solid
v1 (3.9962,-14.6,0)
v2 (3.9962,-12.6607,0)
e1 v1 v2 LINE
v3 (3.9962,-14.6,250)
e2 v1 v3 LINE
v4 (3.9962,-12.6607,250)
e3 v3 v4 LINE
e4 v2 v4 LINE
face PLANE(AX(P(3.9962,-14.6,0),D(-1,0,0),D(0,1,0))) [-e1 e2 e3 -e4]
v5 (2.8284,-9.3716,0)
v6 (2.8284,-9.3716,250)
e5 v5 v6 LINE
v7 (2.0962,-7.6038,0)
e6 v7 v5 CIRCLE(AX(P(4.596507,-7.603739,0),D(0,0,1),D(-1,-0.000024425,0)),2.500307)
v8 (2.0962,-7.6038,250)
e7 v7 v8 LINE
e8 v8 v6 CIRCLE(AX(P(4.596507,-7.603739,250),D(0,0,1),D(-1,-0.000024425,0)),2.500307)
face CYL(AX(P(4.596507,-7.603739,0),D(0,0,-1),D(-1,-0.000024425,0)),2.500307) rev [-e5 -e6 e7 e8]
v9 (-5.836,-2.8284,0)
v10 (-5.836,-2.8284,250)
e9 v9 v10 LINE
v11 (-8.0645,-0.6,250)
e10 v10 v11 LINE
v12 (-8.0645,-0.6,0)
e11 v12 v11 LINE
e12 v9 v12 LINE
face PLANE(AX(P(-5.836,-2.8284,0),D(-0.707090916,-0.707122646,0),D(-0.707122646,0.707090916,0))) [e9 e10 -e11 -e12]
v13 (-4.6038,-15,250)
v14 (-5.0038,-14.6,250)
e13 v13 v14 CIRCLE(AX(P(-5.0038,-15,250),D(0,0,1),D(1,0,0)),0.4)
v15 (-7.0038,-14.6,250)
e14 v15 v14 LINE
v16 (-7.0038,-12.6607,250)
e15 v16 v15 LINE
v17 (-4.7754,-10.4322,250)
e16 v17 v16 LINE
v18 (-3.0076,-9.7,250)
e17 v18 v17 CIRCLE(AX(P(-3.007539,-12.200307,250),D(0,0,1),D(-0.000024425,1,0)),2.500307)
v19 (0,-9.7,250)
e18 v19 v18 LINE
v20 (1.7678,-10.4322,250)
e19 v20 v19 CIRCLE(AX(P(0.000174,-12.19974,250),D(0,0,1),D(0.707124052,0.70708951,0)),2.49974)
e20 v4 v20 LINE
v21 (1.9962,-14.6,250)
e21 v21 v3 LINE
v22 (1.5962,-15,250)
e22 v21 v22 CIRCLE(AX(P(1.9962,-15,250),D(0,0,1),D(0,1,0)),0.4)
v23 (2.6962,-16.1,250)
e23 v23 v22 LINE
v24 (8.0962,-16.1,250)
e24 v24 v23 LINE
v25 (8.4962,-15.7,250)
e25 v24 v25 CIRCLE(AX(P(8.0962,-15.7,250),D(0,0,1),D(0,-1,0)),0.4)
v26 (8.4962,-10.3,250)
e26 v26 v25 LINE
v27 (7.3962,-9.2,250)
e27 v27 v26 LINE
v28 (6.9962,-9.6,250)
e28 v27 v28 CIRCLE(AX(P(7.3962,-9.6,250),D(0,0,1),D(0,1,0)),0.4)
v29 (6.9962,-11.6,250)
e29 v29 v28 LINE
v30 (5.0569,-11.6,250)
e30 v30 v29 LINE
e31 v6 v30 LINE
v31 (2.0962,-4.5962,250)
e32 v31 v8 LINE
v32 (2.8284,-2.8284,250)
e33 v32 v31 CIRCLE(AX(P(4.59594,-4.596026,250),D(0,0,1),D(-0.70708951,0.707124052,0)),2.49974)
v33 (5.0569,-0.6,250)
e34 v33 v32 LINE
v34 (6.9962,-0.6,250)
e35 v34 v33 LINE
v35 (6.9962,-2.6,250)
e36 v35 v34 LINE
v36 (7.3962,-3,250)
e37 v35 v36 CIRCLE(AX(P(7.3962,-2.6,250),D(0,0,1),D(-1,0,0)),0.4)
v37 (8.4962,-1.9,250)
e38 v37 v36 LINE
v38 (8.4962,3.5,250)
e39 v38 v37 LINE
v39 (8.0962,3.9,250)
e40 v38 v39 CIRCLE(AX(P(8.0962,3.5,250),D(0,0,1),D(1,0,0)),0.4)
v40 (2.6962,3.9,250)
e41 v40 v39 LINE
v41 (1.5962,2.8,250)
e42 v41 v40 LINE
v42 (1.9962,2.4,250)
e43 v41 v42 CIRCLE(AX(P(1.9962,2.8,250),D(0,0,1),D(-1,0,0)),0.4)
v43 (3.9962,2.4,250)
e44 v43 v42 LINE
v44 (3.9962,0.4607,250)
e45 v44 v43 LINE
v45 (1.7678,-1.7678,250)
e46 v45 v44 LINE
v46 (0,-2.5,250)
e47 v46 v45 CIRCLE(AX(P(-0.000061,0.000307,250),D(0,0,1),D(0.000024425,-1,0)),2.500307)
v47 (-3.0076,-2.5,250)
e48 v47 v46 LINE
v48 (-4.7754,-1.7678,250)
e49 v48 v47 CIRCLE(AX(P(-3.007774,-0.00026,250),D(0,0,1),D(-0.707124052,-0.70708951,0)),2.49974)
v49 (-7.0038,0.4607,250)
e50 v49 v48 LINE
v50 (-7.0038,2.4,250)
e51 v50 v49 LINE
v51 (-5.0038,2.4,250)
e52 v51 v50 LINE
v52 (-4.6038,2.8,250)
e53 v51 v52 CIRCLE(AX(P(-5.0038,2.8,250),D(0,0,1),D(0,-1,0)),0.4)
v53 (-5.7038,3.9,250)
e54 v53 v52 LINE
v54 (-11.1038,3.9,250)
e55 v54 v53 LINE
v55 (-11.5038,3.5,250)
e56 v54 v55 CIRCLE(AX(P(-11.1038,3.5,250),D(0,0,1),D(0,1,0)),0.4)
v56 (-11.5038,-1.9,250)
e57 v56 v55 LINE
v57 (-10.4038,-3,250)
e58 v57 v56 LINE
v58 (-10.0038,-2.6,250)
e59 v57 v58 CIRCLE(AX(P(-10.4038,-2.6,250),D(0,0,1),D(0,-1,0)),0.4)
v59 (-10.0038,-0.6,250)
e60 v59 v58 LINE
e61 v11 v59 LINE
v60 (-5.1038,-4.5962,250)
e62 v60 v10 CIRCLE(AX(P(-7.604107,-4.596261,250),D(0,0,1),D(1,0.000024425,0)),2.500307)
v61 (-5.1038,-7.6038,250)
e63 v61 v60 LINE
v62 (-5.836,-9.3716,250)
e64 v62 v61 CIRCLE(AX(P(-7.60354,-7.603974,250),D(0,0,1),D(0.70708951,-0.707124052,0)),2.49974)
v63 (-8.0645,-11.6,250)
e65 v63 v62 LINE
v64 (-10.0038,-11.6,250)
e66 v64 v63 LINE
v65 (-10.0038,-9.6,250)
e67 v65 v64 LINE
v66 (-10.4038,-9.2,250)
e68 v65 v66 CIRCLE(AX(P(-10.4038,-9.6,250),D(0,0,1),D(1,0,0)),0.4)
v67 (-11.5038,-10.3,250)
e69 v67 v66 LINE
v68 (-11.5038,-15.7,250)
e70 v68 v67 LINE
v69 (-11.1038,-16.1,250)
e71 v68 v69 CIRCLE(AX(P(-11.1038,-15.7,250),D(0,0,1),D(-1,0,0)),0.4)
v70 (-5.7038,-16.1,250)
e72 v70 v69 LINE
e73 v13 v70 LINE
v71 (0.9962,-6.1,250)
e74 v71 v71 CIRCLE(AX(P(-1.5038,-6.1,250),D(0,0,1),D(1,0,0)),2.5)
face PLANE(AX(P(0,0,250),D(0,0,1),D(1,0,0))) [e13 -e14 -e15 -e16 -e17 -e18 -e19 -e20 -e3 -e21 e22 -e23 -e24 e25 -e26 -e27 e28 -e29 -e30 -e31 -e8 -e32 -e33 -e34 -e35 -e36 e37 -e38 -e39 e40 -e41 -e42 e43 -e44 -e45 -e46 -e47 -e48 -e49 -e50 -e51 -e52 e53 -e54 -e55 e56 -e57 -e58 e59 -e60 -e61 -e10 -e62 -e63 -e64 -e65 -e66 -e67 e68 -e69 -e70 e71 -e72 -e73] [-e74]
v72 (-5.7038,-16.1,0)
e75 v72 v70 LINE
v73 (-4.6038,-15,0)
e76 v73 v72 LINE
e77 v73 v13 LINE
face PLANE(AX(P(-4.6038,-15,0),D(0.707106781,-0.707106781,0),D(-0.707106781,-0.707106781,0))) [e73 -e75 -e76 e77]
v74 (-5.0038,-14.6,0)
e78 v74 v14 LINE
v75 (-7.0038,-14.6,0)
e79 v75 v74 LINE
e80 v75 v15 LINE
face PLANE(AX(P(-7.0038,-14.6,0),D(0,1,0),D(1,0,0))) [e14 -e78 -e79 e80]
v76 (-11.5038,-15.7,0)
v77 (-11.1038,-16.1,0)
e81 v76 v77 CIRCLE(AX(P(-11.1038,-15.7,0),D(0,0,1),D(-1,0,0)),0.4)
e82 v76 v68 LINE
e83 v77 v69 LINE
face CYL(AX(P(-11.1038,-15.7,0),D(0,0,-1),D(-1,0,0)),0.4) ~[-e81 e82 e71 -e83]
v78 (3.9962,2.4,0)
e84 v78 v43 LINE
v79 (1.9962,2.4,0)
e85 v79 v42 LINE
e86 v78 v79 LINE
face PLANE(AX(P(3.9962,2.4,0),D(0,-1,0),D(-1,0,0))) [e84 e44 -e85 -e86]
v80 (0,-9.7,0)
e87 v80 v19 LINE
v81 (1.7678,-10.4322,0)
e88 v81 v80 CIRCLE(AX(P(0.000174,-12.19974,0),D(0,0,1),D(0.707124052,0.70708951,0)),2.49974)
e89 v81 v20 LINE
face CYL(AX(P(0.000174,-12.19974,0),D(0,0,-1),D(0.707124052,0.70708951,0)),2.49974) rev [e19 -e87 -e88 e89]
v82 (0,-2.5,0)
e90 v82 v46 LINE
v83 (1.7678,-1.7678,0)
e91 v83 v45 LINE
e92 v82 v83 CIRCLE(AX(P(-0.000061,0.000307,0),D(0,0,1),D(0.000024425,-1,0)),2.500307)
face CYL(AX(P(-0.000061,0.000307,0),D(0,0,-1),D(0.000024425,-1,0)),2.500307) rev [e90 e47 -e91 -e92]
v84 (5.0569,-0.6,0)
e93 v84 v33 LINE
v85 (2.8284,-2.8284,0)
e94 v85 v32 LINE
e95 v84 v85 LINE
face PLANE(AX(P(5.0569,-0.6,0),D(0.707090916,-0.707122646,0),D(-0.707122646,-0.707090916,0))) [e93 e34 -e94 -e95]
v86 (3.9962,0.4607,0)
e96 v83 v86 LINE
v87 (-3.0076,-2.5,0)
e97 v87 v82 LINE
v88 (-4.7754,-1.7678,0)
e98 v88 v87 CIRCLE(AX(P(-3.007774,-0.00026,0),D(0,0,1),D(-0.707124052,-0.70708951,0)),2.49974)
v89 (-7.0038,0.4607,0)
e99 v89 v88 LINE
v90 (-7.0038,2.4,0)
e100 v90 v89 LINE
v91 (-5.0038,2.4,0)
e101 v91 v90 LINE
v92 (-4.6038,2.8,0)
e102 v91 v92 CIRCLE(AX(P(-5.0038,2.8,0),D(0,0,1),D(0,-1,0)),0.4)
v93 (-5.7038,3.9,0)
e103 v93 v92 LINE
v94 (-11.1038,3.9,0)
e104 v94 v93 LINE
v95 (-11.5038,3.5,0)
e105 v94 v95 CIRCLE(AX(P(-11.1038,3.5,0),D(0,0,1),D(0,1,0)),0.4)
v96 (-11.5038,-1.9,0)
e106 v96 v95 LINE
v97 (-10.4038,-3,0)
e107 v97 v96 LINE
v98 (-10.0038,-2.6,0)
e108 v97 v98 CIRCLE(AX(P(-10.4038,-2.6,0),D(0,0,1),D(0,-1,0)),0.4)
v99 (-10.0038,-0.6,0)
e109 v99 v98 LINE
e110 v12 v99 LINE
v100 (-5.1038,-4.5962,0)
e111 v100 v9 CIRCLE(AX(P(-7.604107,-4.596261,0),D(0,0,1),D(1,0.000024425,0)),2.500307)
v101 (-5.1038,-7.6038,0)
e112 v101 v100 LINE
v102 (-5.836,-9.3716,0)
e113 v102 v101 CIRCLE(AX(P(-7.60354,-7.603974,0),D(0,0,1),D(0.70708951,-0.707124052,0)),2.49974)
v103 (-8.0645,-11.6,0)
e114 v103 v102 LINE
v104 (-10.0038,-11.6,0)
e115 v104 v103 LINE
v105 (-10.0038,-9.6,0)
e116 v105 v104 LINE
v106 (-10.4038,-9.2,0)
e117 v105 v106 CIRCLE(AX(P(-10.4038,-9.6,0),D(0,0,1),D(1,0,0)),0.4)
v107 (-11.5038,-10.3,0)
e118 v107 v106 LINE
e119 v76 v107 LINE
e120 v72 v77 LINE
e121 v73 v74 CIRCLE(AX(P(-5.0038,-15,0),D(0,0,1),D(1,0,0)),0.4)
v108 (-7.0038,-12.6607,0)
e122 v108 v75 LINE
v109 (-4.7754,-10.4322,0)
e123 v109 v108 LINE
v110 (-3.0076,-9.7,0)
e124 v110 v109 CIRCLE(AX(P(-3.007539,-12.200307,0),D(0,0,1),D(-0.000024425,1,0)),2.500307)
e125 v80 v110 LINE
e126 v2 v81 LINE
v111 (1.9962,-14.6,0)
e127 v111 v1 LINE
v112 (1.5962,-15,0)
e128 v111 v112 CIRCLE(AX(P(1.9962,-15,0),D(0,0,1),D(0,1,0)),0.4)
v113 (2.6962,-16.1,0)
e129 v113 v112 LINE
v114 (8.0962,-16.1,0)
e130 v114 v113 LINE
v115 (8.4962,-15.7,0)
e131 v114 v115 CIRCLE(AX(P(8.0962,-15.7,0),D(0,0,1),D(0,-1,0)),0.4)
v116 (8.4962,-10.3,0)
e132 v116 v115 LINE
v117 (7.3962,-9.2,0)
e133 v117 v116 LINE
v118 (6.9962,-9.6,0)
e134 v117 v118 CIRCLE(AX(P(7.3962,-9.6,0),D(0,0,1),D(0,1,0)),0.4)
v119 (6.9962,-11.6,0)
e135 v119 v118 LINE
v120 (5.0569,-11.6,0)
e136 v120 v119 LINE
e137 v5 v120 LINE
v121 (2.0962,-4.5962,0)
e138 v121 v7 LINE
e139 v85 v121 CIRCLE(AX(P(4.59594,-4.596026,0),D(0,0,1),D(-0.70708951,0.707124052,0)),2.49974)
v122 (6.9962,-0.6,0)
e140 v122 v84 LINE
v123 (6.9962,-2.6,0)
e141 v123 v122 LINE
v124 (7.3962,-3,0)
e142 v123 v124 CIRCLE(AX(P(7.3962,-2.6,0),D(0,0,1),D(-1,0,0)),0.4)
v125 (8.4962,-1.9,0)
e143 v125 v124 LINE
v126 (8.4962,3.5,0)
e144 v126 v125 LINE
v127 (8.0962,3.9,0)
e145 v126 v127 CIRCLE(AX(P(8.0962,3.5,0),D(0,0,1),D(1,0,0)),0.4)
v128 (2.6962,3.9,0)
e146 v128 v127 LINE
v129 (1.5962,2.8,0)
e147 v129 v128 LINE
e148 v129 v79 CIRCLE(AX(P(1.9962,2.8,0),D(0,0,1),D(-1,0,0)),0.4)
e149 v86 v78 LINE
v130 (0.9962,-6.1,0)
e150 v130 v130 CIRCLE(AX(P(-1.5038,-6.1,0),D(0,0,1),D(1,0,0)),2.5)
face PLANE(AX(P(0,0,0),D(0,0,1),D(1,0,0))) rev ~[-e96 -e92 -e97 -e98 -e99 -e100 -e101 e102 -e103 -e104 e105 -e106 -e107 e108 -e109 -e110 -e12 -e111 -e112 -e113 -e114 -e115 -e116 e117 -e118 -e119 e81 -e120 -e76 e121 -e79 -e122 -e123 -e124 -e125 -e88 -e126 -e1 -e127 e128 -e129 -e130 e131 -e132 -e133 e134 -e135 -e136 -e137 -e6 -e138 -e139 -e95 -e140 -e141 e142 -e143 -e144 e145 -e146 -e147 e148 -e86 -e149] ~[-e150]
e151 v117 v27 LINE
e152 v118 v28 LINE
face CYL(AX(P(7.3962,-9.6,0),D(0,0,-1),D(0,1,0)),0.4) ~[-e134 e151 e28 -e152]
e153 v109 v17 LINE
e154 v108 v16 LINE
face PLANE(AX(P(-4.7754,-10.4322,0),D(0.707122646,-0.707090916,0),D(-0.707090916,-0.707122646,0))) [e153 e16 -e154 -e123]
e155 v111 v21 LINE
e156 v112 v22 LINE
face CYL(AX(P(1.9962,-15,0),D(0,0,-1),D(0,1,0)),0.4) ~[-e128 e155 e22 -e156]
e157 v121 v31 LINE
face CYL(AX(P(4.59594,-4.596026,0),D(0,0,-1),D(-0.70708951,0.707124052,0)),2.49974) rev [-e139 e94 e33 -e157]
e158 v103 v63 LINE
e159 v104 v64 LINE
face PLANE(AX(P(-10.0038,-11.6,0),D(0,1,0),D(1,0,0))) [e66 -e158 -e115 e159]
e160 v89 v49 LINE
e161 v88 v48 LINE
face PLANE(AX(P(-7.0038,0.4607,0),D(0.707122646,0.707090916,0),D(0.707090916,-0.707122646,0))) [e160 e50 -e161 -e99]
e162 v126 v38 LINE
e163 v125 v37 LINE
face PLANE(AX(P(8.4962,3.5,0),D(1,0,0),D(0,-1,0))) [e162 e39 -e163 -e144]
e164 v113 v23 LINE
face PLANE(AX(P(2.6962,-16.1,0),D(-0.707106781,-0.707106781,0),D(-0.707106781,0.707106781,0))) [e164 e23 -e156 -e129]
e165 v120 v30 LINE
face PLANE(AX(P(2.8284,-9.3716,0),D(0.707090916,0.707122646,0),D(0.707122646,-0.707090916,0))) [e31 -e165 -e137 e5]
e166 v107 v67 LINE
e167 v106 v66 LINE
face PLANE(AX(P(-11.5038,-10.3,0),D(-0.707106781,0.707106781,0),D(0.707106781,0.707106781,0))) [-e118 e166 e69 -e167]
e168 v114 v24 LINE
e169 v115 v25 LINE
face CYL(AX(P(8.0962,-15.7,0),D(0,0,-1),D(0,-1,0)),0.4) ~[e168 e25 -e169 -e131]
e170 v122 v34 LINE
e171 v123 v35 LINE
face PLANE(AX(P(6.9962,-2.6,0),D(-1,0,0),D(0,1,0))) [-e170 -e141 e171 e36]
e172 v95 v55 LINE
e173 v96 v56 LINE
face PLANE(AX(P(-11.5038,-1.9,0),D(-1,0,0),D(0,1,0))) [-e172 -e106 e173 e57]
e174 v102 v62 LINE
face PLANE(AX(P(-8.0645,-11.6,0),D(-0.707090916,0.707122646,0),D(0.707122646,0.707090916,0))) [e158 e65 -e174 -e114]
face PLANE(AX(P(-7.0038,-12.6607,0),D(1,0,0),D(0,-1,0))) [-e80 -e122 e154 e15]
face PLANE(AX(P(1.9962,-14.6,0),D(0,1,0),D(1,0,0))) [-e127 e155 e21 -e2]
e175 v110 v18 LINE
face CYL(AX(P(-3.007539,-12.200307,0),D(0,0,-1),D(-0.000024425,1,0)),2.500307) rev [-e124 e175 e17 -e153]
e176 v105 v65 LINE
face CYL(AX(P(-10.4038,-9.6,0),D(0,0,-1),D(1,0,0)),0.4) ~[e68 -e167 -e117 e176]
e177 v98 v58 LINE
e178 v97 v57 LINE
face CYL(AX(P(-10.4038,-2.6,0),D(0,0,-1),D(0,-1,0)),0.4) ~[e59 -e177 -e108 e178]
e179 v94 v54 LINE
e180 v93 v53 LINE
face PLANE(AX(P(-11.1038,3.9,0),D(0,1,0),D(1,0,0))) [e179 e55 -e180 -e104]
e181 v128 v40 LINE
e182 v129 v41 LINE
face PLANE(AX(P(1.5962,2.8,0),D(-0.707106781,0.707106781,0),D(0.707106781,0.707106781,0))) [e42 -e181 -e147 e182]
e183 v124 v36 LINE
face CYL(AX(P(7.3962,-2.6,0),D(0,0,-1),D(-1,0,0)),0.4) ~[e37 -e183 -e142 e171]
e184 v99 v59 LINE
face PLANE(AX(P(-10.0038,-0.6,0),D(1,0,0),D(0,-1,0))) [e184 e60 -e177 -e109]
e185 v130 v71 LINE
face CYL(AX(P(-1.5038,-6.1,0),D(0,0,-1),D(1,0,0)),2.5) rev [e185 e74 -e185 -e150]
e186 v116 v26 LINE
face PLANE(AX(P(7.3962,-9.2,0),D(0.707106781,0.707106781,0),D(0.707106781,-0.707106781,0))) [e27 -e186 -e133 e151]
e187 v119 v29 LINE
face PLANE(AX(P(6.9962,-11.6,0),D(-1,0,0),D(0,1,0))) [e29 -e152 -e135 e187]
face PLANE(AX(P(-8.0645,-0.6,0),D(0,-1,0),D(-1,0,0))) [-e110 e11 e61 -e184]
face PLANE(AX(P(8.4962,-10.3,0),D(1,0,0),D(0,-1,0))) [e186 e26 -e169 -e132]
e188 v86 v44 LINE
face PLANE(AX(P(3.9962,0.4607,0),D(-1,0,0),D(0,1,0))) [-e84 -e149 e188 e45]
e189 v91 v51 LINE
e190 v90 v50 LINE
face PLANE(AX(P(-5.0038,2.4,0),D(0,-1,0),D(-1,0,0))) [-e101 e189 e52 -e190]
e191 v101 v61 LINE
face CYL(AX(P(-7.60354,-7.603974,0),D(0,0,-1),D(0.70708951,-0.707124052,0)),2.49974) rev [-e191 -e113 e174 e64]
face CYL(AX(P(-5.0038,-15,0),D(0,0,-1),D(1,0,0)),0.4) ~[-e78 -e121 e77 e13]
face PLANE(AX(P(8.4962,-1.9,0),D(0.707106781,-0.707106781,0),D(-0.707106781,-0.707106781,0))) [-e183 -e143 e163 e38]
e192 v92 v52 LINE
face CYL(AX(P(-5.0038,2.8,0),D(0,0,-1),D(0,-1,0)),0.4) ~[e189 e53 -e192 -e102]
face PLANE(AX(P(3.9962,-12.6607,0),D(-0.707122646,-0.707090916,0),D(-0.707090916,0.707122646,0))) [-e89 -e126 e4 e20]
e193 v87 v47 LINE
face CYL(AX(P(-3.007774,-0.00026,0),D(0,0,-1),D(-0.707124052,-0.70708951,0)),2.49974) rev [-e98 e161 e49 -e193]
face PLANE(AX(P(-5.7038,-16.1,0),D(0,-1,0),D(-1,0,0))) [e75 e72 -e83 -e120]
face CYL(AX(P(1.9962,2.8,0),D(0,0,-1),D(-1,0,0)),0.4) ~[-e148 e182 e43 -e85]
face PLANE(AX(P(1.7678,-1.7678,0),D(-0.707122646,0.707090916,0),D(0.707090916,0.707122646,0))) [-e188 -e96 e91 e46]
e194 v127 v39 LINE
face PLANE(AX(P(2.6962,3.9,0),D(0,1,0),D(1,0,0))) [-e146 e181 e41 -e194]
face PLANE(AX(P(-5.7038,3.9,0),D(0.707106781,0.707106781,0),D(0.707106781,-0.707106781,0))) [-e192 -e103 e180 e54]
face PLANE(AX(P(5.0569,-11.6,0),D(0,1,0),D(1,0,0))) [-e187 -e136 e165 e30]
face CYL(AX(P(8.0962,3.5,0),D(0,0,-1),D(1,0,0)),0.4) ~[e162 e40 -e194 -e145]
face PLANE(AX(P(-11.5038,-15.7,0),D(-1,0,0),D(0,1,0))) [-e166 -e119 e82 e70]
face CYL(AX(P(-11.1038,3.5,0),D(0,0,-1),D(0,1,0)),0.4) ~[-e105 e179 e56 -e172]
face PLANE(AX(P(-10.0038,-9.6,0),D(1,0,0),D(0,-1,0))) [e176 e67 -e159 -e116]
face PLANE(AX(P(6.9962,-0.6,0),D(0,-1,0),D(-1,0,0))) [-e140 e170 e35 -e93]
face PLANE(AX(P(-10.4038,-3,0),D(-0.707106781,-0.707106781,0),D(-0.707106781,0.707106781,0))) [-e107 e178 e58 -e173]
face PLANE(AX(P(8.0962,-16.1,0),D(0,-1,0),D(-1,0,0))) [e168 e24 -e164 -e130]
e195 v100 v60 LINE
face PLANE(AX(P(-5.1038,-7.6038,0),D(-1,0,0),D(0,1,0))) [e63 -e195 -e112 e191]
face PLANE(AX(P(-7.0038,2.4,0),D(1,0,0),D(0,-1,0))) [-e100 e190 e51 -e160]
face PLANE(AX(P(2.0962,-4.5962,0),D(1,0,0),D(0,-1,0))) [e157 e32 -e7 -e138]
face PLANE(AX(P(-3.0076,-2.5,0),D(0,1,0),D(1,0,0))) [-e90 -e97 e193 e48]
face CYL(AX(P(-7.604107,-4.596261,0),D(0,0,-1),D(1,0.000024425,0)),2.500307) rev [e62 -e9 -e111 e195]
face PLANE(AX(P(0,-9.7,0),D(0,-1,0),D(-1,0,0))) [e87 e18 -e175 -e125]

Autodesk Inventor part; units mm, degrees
ref_plane "YZ Plane" through (0, 0, 0) normal (1, 0, 0) x (0, 1, 0)
ref_plane "XZ Plane" through (0, 0, 0) normal (0, 1, 0) x (-1, 0, 0)
ref_plane "XY Plane" through (0, 0, 0) normal (0, 0, 1) x (1, 0, 0)
sketch "Sketch1" plane through (0, 0, 0) normal (0, 0, 1) x (1, 0, 0)
  line L0 (1.7678, -1.7678) -> (3.9962, 0.4607) projected
  arc A0 (0, -2.5) -> (1.7678, -1.7678) centre (0, 0) ccw projected
  line L1 (-3.0076, -2.5) -> (0, -2.5) projected
  arc A1 (-4.7754, -1.7678) -> (-3.0076, -2.5) centre (-3.0076, 0) ccw projected
  line L2 (-7.0038, 0.4607) -> (-4.7754, -1.7678) projected
  line L3 (-7.0038, 2.4) -> (-7.0038, 0.4607) projected
  line L4 (-5.0038, 2.4) -> (-7.0038, 2.4) projected
  arc A2 (-5.0038, 2.4) -> (-4.6038, 2.8) centre (-5.0038, 2.8) ccw projected
  line L5 (-5.7038, 3.9) -> (-4.6038, 2.8) projected
  line L6 (-11.1038, 3.9) -> (-5.7038, 3.9) projected
  arc A3 (-11.1038, 3.9) -> (-11.5038, 3.5) centre (-11.1038, 3.5) ccw projected
  line L7 (-11.5038, -1.9) -> (-11.5038, 3.5) projected
  line L8 (-10.4038, -3) -> (-11.5038, -1.9) projected
  arc A4 (-10.4038, -3) -> (-10.0038, -2.6) centre (-10.4038, -2.6) ccw projected
  line L9 (-10.0038, -0.6) -> (-10.0038, -2.6) projected
  line L10 (-8.0645, -0.6) -> (-10.0038, -0.6) projected
  line L11 (-5.836, -2.8284) -> (-8.0645, -0.6) projected
  arc A5 (-5.1038, -4.5962) -> (-5.836, -2.8284) centre (-7.6038, -4.5962) ccw projected
  line L12 (-5.1038, -7.6038) -> (-5.1038, -4.5962) projected
  arc A6 (-5.836, -9.3716) -> (-5.1038, -7.6038) centre (-7.6038, -7.6038) ccw projected
  line L13 (-8.0645, -11.6) -> (-5.836, -9.3716) projected
  line L14 (-10.0038, -11.6) -> (-8.0645, -11.6) projected
  line L15 (-10.0038, -9.6) -> (-10.0038, -11.6) projected
  arc A7 (-10.0038, -9.6) -> (-10.4038, -9.2) centre (-10.4038, -9.6) ccw projected
  line L16 (-11.5038, -10.3) -> (-10.4038, -9.2) projected
  line L17 (-11.5038, -15.7) -> (-11.5038, -10.3) projected
  arc A8 (-11.5038, -15.7) -> (-11.1038, -16.1) centre (-11.1038, -15.7) ccw projected
  line L18 (-5.7038, -16.1) -> (-11.1038, -16.1) projected
  line L19 (-4.6038, -15) -> (-5.7038, -16.1) projected
  arc A9 (-4.6038, -15) -> (-5.0038, -14.6) centre (-5.0038, -15) ccw projected
  line L20 (-7.0038, -14.6) -> (-5.0038, -14.6) projected
  line L21 (-7.0038, -12.6607) -> (-7.0038, -14.6) projected
  line L22 (-4.7754, -10.4322) -> (-7.0038, -12.6607) projected
  arc A10 (-3.0076, -9.7) -> (-4.7754, -10.4322) centre (-3.0076, -12.2) ccw projected
  line L23 (0, -9.7) -> (-3.0076, -9.7) projected
  arc A11 (1.7678, -10.4322) -> (0, -9.7) centre (0, -12.2) ccw projected
  line L24 (3.9962, -12.6607) -> (1.7678, -10.4322) projected
  line L25 (3.9962, -14.6) -> (3.9962, -12.6607) projected
  line L26 (1.9962, -14.6) -> (3.9962, -14.6) projected
  arc A12 (1.9962, -14.6) -> (1.5962, -15) centre (1.9962, -15) ccw projected
  line L27 (2.6962, -16.1) -> (1.5962, -15) projected
  line L28 (8.0962, -16.1) -> (2.6962, -16.1) projected
  arc A13 (8.0962, -16.1) -> (8.4962, -15.7) centre (8.0962, -15.7) ccw projected
  line L29 (8.4962, -10.3) -> (8.4962, -15.7) projected
  line L30 (7.3962, -9.2) -> (8.4962, -10.3) projected
  arc A14 (7.3962, -9.2) -> (6.9962, -9.6) centre (7.3962, -9.6) ccw projected
  line L31 (6.9962, -11.6) -> (6.9962, -9.6) projected
  line L32 (5.0569, -11.6) -> (6.9962, -11.6) projected
  line L33 (2.8284, -9.3716) -> (5.0569, -11.6) projected
  arc A15 (2.0962, -7.6038) -> (2.8284, -9.3716) centre (4.5962, -7.6038) ccw projected
  line L34 (2.0962, -4.5962) -> (2.0962, -7.6038) projected
  arc A16 (2.8284, -2.8284) -> (2.0962, -4.5962) centre (4.5962, -4.5962) ccw projected
  line L35 (5.0569, -0.6) -> (2.8284, -2.8284) projected
  line L36 (6.9962, -0.6) -> (5.0569, -0.6) projected
  line L37 (6.9962, -2.6) -> (6.9962, -0.6) projected
  arc A17 (6.9962, -2.6) -> (7.3962, -3) centre (7.3962, -2.6) ccw projected
  line L38 (8.4962, -1.9) -> (7.3962, -3) projected
  line L39 (8.4962, 3.5) -> (8.4962, -1.9) projected
  arc A18 (8.4962, 3.5) -> (8.0962, 3.9) centre (8.0962, 3.5) ccw projected
  line L40 (2.6962, 3.9) -> (8.0962, 3.9) projected
  line L41 (1.5962, 2.8) -> (2.6962, 3.9) projected
  arc A19 (1.5962, 2.8) -> (1.9962, 2.4) centre (1.9962, 2.8) ccw projected
  line L42 (3.9962, 2.4) -> (1.9962, 2.4) projected
  line L43 (3.9962, 0.4607) -> (3.9962, 2.4) projected
  circle A20 centre (-1.5038, -6.1) radius 2.5 projected
  point P0 (0, 0)
extrude "Extrusion1" add sketch "Sketch1" along normal blind 250
ref_plane "Work Plane1" through (-1.5038, -15.7, 0) normal (-1, 0, 0) x (0, 0, 1)
ref_plane "Work Plane2" through (-11.1038, -6.1, 0) normal (0, 1, 0) x (1, 0, 0)
properties part number "00_VSlot_20mm_250mm"
